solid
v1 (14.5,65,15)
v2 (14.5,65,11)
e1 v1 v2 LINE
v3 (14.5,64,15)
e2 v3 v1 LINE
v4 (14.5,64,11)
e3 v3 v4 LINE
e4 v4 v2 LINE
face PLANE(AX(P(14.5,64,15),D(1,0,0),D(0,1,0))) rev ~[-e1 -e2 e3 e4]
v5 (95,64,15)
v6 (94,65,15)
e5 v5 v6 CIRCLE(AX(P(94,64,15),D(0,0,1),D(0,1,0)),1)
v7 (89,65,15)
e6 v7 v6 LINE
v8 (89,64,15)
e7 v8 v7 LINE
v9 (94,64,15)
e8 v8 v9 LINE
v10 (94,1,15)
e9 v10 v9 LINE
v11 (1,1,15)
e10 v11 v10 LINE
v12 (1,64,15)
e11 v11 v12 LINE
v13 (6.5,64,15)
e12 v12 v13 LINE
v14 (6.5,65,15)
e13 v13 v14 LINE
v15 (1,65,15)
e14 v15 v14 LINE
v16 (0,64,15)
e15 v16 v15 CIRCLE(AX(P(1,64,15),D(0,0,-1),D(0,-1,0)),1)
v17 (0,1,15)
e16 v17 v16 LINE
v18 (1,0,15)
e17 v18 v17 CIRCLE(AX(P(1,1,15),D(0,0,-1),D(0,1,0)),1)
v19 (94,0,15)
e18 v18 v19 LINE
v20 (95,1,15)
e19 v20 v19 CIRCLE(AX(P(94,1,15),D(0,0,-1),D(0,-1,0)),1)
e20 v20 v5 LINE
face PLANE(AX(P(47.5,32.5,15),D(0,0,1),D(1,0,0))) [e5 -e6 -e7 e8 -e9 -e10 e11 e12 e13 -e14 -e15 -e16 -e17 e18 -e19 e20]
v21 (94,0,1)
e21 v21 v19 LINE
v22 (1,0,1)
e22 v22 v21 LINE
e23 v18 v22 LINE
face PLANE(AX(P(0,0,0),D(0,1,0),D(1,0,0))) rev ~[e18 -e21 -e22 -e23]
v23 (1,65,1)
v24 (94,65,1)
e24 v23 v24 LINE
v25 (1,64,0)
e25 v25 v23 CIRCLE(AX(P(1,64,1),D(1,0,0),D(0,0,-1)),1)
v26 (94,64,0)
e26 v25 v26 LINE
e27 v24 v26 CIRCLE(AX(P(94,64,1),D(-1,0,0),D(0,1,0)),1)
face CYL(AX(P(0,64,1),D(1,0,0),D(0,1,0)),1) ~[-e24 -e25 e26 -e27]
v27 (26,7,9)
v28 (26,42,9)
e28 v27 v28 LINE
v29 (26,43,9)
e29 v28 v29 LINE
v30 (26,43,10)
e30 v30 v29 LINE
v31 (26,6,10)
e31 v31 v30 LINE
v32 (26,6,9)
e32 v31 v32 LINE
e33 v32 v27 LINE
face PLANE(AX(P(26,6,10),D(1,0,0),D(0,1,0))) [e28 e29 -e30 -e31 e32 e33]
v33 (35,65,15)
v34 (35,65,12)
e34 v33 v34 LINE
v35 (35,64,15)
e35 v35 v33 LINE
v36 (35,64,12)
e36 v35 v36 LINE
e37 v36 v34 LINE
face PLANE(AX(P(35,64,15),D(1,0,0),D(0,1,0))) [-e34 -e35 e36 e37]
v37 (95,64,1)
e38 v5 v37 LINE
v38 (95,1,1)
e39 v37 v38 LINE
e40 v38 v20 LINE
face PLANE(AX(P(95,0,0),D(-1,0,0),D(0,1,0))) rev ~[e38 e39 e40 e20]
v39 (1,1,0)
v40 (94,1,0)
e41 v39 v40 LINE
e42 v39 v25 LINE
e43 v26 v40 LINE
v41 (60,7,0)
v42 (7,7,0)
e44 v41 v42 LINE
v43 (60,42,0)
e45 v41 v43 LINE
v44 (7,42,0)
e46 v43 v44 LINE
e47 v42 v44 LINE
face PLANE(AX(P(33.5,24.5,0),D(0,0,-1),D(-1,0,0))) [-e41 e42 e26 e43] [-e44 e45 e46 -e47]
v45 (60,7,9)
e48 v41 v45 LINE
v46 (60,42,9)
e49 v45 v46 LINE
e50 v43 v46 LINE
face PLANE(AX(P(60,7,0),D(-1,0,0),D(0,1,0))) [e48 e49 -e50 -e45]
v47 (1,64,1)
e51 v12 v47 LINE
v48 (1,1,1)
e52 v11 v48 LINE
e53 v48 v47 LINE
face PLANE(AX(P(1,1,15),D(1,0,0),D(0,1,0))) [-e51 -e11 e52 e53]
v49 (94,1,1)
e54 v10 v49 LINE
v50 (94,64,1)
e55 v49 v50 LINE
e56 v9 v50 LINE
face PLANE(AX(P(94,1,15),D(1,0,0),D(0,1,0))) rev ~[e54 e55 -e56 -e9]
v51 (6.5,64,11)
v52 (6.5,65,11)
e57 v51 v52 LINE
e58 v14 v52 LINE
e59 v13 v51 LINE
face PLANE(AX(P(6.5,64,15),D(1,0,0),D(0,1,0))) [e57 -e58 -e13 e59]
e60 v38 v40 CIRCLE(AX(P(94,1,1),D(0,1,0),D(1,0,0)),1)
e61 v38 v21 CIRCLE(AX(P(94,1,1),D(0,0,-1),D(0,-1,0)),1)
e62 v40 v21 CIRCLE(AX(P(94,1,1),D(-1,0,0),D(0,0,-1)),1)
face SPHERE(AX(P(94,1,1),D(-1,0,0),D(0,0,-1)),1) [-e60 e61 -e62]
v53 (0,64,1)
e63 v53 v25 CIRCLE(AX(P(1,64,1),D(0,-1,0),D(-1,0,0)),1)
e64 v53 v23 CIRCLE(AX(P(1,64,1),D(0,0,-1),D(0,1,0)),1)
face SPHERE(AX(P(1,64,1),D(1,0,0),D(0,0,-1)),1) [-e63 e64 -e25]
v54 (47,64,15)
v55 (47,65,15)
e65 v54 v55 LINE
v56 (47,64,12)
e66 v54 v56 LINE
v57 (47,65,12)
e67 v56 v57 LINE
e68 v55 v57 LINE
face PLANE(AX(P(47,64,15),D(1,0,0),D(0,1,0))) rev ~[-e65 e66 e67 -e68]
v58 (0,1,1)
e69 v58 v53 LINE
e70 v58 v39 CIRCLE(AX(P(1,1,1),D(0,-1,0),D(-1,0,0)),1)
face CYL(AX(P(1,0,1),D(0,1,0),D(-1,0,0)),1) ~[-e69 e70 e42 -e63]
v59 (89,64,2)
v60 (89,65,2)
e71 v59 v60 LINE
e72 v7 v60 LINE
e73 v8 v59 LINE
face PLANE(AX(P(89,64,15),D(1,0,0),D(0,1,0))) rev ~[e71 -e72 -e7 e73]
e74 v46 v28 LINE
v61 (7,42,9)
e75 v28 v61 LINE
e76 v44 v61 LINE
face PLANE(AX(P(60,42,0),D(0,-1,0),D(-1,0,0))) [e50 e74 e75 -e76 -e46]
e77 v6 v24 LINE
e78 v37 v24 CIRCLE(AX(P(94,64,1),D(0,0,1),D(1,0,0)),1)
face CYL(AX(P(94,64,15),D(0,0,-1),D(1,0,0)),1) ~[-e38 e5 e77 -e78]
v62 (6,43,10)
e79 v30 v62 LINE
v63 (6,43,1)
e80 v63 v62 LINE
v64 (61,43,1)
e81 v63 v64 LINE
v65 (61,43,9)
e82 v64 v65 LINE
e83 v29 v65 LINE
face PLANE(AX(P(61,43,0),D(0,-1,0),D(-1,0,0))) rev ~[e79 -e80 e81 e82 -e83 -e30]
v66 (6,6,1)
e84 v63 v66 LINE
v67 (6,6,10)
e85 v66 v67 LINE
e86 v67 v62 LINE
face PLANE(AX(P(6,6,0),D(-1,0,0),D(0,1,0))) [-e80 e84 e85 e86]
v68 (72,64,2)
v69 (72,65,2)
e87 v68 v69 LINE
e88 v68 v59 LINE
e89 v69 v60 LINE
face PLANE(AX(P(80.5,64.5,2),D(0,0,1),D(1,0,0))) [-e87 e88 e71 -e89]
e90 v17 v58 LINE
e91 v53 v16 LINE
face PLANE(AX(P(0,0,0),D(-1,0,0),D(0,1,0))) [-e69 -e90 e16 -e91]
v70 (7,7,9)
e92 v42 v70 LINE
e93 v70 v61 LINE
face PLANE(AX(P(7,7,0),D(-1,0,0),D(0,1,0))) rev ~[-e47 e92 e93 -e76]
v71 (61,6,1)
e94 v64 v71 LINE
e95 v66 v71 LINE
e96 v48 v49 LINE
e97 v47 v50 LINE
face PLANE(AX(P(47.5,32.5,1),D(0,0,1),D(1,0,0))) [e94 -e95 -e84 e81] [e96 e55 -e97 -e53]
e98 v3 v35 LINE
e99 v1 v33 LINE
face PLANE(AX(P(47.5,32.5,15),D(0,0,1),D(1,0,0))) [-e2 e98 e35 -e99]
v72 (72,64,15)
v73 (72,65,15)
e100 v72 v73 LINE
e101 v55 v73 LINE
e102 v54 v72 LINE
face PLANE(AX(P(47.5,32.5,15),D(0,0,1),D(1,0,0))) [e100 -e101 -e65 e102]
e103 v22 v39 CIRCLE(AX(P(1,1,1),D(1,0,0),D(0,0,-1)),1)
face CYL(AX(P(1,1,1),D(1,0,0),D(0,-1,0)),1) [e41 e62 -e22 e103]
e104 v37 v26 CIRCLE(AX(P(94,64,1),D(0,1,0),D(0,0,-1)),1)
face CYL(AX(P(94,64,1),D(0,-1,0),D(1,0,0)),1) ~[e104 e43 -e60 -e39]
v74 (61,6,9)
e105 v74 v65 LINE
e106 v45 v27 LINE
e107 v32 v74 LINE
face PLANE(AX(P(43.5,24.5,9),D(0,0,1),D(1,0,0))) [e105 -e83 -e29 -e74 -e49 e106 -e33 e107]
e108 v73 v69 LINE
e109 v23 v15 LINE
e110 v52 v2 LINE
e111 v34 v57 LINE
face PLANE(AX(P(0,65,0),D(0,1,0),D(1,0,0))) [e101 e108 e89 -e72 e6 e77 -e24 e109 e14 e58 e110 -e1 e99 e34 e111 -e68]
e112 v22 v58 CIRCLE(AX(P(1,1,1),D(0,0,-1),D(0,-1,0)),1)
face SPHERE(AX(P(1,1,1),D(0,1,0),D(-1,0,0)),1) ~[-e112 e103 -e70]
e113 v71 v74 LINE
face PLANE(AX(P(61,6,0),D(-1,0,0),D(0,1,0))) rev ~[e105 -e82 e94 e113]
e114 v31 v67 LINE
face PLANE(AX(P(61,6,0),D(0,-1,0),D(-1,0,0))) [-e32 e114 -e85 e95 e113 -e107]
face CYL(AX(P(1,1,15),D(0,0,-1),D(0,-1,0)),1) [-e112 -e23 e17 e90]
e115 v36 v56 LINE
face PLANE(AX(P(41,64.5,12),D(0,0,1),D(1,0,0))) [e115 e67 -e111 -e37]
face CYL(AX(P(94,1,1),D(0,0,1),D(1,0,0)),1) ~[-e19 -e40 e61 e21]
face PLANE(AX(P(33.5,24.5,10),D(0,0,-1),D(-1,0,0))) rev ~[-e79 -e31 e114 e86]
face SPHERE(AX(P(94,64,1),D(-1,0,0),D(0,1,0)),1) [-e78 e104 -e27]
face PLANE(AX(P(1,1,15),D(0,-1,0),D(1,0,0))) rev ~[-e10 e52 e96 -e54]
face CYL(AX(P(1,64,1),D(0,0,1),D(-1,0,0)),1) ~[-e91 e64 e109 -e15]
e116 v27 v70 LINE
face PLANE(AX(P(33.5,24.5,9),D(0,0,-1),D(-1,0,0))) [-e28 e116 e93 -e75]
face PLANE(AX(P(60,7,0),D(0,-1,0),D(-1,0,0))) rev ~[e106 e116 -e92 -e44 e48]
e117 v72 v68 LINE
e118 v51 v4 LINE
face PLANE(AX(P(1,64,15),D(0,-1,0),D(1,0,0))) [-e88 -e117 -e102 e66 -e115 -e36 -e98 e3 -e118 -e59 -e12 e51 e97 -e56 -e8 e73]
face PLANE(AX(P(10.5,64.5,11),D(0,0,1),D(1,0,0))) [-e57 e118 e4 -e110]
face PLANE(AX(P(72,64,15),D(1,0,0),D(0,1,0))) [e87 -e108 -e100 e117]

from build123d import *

# Parameters (mm, degrees)
SKETCH_1_W             = 95
SKETCH_1_H             = 65
EXTRUDE_220_DEPTH      = 15
SKETCH_2_W             = 93
SKETCH_2_H             = 63
CUT_EXTRUDE_347_DEPTH  = 14
SKETCH_3_W             = 17
SKETCH_3_H             = 1
ETHERNET_DEPTH         = 13
FILLET_1_R             = 1
FILLET_2_R             = 1
FILLET_3_R             = 1
FILLET_4_R             = 1
SKETCH_4_W             = 8
SKETCH_4_H             = 1
USB_DEPTH              = 4
SKETCH_5_W             = 12
SKETCH_5_H             = 1
MICROSD_DEPTH          = 3
SKETCH_7_W             = 55
SKETCH_7_H             = 37
EXTRUDE_1830_DEPTH     = 10
SKETCH_6_W             = 53
SKETCH_6_H             = 35
CUT_EXTRUDE_1960_DEPTH = 9
SKETCH_8_W             = 35
SKETCH_8_H             = 37
CUT_EXTRUDE_8_DEPTH    = 1


with BuildPart() as part:
    # Эскиз1 → Extrude 220 (new body)
    with BuildSketch(Plane.XY):
        with Locations((47.5, 32.5)):
            Rectangle(SKETCH_1_W, SKETCH_1_H)
    extrude(amount=EXTRUDE_220_DEPTH)

    # Эскиз2 → Cut-Extrude 347 (cut)
    with BuildSketch(Plane.XY.offset(15)):
        with Locations((47.5, 32.5)):
            Rectangle(SKETCH_2_W, SKETCH_2_H)
    extrude(amount=-CUT_EXTRUDE_347_DEPTH, mode=Mode.SUBTRACT)

    # Эскиз3 → Ethernet (cut)
    with BuildSketch(Plane.XY.offset(15)):
        with Locations((80.5, 64.5)):
            Rectangle(SKETCH_3_W, SKETCH_3_H)
    extrude(amount=-ETHERNET_DEPTH, mode=Mode.SUBTRACT)

    # Скругление1
    fillet_1_edges = [part.edges().sort_by_distance(p)[0] for p in [
        (47.5, 65, 0),
    ]]
    fillet(fillet_1_edges, radius=FILLET_1_R)

    # Скругление2
    fillet_2_edges = [part.edges().sort_by_distance(p)[0] for p in [
        (0, 32, 0),
        (0, 64.707106781, 0.292893219),
        (0, 65, 8),
    ]]
    fillet(fillet_2_edges, radius=FILLET_2_R)

    # Скругление3
    fillet_3_edges = [part.edges().sort_by_distance(p)[0] for p in [
        (48, 0, 0),
        (0.292893219, 0, 0.292893219),
        (0, 0, 8),
    ]]
    fillet(fillet_3_edges, radius=FILLET_3_R)

    # Скругление4
    fillet_4_edges = [part.edges().sort_by_distance(p)[0] for p in [
        (95, 64.707106781, 0.292893219),
        (95, 32.5, 0),
        (95, 0.292893219, 0.292893219),
        (95, 65, 8),
        (95, 0, 8),
    ]]
    fillet(fillet_4_edges, radius=FILLET_4_R)

    # Эскиз4 → USB (cut)
    with BuildSketch(Plane.XY.offset(15)):
        with Locations((10.5, 64.5)):
            Rectangle(SKETCH_4_W, SKETCH_4_H)
    extrude(amount=-USB_DEPTH, mode=Mode.SUBTRACT)

    # Эскиз5 → MicroSD (cut)
    with BuildSketch(Plane.XY.offset(15)):
        with Locations((41, 64.5)):
            Rectangle(SKETCH_5_W, SKETCH_5_H)
    extrude(amount=-MICROSD_DEPTH, mode=Mode.SUBTRACT)

    # Эскиз7 → Extrude 1830 (add)
    with BuildSketch(Plane(origin=(0, 0, 0), x_dir=(-1, 0, 0), z_dir=(0, 0, -1))):
        with Locations((-33.5, 24.5)):
            Rectangle(SKETCH_7_W, SKETCH_7_H)
    extrude(amount=-EXTRUDE_1830_DEPTH)

    # Эскиз6 → Cut-Extrude 1960 (cut)
    with BuildSketch(Plane(origin=(0, 0, 0), x_dir=(-1, 0, 0), z_dir=(0, 0, -1))):
        with Locations((-33.5, 24.5)):
            Rectangle(SKETCH_6_W, SKETCH_6_H)
    extrude(amount=-CUT_EXTRUDE_1960_DEPTH, mode=Mode.SUBTRACT)

    # Эскиз8 → Вытянуть8 (cut)
    with BuildSketch(Plane.XY.offset(10)):
        with Locations((43.5, 24.5)):
            Rectangle(SKETCH_8_W, SKETCH_8_H)
    extrude(amount=-CUT_EXTRUDE_8_DEPTH, mode=Mode.SUBTRACT)


solid = part.part
